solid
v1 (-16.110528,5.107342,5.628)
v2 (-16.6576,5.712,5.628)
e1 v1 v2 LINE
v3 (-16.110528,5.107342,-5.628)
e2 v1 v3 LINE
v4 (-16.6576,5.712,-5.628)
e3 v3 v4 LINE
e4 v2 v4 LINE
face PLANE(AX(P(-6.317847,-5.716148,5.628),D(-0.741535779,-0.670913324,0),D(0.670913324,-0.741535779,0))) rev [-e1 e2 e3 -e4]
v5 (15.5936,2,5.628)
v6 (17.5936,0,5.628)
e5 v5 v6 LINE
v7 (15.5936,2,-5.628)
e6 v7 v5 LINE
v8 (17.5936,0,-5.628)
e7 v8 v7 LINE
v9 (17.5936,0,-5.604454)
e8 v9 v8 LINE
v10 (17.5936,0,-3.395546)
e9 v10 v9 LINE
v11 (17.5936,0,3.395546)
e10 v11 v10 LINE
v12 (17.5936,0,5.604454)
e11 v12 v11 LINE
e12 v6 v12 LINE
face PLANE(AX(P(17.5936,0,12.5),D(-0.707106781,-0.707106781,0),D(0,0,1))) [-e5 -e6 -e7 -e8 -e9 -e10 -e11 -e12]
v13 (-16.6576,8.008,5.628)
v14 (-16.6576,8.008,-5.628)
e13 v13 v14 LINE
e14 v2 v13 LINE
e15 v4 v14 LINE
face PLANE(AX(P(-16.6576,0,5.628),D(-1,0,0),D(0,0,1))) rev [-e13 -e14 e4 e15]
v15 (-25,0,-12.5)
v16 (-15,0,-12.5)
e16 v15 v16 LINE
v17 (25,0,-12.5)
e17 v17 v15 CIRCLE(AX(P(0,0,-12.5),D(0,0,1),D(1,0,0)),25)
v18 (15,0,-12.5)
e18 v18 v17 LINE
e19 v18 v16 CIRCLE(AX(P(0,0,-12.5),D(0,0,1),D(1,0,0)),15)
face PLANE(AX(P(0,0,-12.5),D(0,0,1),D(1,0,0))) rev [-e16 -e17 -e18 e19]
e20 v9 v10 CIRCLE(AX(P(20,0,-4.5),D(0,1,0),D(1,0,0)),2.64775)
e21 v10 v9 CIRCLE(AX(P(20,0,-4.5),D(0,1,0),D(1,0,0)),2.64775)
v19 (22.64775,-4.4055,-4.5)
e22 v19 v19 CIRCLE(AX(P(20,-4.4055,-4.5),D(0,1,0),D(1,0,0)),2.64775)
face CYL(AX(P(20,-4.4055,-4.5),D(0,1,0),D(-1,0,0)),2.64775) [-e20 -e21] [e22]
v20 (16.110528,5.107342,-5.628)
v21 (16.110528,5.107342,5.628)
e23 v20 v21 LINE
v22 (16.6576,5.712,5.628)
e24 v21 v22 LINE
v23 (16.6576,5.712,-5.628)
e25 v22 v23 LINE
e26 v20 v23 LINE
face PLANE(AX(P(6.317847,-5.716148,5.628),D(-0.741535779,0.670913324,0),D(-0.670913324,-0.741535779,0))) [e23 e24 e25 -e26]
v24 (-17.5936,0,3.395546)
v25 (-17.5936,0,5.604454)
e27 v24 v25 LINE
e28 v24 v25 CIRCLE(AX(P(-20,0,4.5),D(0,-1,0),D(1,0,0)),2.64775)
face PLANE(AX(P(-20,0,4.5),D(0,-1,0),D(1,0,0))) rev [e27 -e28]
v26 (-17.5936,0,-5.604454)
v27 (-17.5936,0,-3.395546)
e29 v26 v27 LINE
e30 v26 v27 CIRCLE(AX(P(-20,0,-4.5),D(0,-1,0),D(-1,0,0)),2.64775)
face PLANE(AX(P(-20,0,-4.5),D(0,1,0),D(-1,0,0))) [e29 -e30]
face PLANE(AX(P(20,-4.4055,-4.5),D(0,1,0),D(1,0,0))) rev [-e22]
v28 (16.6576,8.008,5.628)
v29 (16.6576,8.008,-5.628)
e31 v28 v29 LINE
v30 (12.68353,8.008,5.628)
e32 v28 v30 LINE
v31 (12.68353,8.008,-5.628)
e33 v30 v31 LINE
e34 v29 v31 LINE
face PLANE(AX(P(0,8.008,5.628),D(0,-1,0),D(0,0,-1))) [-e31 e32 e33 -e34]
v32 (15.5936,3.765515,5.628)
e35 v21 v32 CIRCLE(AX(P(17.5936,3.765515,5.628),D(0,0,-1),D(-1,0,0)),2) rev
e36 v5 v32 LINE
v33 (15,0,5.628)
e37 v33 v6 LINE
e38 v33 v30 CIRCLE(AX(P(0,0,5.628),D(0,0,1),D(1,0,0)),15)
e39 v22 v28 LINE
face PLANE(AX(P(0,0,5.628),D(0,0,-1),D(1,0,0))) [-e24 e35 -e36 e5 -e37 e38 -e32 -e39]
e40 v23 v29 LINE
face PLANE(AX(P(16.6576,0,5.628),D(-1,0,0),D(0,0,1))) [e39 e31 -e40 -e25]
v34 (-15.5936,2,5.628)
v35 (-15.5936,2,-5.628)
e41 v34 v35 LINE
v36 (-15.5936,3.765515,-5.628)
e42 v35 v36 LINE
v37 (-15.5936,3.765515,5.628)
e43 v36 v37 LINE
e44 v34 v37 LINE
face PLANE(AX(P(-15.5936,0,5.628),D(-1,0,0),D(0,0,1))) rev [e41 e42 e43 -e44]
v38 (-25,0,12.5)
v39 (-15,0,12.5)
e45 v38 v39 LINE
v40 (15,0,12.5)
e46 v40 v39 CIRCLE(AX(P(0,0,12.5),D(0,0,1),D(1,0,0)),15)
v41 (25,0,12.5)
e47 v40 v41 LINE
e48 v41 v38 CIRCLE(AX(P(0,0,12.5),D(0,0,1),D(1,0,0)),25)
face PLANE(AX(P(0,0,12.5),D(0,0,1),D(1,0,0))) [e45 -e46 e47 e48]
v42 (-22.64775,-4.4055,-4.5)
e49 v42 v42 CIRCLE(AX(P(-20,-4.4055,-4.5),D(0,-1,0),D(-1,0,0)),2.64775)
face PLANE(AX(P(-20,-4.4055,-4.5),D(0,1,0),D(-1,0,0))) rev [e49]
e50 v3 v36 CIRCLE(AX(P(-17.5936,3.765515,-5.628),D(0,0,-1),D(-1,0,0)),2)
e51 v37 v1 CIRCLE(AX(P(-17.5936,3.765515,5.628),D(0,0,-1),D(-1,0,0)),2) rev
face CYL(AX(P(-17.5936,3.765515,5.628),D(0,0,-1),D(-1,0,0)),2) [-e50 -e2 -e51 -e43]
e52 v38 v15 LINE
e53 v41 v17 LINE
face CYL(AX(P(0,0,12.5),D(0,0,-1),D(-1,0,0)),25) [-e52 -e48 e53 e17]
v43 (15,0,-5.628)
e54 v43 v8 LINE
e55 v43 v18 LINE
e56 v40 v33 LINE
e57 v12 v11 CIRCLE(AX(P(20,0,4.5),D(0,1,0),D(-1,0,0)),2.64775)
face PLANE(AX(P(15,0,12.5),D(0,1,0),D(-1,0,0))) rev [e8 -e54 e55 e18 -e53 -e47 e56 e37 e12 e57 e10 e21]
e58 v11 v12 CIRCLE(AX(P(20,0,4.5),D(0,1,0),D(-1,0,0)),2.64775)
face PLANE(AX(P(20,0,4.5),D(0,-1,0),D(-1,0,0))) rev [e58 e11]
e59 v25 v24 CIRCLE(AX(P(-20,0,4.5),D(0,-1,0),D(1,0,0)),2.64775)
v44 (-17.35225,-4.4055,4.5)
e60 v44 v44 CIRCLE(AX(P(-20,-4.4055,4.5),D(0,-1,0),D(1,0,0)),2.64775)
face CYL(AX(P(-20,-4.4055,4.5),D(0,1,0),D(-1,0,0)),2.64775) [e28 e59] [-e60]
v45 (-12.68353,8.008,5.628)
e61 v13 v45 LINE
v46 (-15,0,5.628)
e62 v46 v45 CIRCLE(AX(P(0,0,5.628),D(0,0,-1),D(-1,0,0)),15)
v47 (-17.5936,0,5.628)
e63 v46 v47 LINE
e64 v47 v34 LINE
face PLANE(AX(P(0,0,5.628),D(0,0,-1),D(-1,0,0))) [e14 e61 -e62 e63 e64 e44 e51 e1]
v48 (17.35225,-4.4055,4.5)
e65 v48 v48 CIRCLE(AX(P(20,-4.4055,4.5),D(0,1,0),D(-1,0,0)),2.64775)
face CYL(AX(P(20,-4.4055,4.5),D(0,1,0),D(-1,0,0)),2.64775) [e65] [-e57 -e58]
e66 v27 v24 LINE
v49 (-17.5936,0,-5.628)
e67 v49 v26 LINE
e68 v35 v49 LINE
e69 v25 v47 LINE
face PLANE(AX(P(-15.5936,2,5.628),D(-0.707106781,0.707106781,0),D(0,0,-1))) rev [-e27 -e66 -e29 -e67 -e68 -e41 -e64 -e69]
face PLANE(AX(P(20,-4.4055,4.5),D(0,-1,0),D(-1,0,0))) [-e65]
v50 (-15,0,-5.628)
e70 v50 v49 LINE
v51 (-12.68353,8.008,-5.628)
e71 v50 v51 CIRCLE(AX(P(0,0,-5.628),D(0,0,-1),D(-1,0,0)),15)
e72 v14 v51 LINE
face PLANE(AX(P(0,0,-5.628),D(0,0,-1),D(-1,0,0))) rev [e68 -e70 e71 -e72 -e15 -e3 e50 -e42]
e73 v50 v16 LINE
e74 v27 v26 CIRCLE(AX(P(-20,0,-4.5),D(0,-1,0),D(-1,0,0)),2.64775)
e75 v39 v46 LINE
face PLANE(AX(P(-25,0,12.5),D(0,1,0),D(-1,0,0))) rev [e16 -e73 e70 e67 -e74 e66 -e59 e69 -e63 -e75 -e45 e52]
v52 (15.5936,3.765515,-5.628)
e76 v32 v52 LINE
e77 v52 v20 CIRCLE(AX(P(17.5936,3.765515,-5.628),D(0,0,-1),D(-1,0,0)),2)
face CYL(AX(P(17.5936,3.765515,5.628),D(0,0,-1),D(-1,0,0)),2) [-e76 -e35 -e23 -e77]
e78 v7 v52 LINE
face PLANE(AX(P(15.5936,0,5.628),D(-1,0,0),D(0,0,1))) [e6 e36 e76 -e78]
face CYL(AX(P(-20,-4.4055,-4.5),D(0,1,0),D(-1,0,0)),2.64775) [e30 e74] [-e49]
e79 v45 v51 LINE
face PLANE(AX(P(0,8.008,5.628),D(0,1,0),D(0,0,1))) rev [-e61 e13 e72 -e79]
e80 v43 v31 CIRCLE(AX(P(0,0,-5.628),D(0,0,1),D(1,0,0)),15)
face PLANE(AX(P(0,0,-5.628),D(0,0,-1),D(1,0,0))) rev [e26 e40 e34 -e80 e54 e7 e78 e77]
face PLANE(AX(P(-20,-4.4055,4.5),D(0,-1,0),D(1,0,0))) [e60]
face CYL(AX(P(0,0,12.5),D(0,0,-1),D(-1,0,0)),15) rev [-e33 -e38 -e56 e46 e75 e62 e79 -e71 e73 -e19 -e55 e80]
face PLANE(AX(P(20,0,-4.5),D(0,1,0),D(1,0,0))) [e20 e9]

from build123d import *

# Parameters (mm, degrees)
BOSS_EXTRUDE1_DEPTH = 12.5
CUT_EXTRUDE1_DEPTH  = 5.628
FILLET5_R           = 2
CHAMFER9_SIZE       = 2
SKETCH4_R           = 2.64775
BOSS_EXTRUDE2_DEPTH = 4.4055


with BuildPart() as part:
    # Sketch1 → Boss-Extrude1 (new body, symmetric)
    with BuildSketch(Plane.XY):
        with BuildLine():
            Line((-25, 0), (-15, 0))
            ThreePointArc((-15, 0), (0, 15), (15, 0))
            Line((15, 0), (25, 0))
            ThreePointArc((25, 0), (0, 25), (-25, 0))
        make_face()
    extrude(amount=BOSS_EXTRUDE1_DEPTH, both=True)

    # Sketch3 → Cut-Extrude1 (cut, symmetric)
    with BuildSketch(Plane(origin=(0, 0, 0), x_dir=(-1, 0, 0), z_dir=(0, 0, -1))):
        with BuildLine():
            Line((15, 0), (15.5936, 0))
            Line((15.5936, 0), (15.5936, 4.536))
            Line((15.5936, 4.536), (16.6576, 5.712))
            Line((16.6576, 5.712), (16.6576, 8.008))
            Line((16.6576, 8.008), (12.683530108, 8.008))
            ThreePointArc((12.683530108, 8.008), (14.409249662, 4.16815597), (15, 0))
        make_face()
    cut_extrude1 = extrude(amount=CUT_EXTRUDE1_DEPTH, both=True, mode=Mode.SUBTRACT)

    # Mirror3: Cut-Extrude1 across plane
    add(cut_extrude1.mirror(Plane(origin=(0, 0, 0), x_dir=(0, 0, 1), z_dir=(1, 0, 0))), mode=Mode.SUBTRACT)

    # Fillet5
    fillet5_edges = [part.edges().sort_by_distance(p)[0] for p in [
        (-15.5936, 4.536, 0),
        (15.5936, 4.536, 0),
    ]]
    fillet(fillet5_edges, radius=FILLET5_R)

    # Chamfer9
    chamfer9_edges = [part.edges().sort_by_distance(p)[0] for p in [
        (-15.5936, 0, 0),
        (15.5936, 0, 0),
    ]]
    chamfer(chamfer9_edges, length=CHAMFER9_SIZE)

    # Sketch4 → Boss-Extrude2 (add)
    with BuildSketch(Plane.XZ):
        with Locations((-20, 4.5)):
            Circle(SKETCH4_R)
        with Locations((-20, -4.5)):
            Circle(SKETCH4_R)
    boss_extrude2 = extrude(amount=BOSS_EXTRUDE2_DEPTH)

    # Mirror4: Boss-Extrude2 across plane
    add(boss_extrude2.mirror(Plane(origin=(0, 0, 0), x_dir=(0, 0, 1), z_dir=(1, 0, 0))))


solid = part.part
